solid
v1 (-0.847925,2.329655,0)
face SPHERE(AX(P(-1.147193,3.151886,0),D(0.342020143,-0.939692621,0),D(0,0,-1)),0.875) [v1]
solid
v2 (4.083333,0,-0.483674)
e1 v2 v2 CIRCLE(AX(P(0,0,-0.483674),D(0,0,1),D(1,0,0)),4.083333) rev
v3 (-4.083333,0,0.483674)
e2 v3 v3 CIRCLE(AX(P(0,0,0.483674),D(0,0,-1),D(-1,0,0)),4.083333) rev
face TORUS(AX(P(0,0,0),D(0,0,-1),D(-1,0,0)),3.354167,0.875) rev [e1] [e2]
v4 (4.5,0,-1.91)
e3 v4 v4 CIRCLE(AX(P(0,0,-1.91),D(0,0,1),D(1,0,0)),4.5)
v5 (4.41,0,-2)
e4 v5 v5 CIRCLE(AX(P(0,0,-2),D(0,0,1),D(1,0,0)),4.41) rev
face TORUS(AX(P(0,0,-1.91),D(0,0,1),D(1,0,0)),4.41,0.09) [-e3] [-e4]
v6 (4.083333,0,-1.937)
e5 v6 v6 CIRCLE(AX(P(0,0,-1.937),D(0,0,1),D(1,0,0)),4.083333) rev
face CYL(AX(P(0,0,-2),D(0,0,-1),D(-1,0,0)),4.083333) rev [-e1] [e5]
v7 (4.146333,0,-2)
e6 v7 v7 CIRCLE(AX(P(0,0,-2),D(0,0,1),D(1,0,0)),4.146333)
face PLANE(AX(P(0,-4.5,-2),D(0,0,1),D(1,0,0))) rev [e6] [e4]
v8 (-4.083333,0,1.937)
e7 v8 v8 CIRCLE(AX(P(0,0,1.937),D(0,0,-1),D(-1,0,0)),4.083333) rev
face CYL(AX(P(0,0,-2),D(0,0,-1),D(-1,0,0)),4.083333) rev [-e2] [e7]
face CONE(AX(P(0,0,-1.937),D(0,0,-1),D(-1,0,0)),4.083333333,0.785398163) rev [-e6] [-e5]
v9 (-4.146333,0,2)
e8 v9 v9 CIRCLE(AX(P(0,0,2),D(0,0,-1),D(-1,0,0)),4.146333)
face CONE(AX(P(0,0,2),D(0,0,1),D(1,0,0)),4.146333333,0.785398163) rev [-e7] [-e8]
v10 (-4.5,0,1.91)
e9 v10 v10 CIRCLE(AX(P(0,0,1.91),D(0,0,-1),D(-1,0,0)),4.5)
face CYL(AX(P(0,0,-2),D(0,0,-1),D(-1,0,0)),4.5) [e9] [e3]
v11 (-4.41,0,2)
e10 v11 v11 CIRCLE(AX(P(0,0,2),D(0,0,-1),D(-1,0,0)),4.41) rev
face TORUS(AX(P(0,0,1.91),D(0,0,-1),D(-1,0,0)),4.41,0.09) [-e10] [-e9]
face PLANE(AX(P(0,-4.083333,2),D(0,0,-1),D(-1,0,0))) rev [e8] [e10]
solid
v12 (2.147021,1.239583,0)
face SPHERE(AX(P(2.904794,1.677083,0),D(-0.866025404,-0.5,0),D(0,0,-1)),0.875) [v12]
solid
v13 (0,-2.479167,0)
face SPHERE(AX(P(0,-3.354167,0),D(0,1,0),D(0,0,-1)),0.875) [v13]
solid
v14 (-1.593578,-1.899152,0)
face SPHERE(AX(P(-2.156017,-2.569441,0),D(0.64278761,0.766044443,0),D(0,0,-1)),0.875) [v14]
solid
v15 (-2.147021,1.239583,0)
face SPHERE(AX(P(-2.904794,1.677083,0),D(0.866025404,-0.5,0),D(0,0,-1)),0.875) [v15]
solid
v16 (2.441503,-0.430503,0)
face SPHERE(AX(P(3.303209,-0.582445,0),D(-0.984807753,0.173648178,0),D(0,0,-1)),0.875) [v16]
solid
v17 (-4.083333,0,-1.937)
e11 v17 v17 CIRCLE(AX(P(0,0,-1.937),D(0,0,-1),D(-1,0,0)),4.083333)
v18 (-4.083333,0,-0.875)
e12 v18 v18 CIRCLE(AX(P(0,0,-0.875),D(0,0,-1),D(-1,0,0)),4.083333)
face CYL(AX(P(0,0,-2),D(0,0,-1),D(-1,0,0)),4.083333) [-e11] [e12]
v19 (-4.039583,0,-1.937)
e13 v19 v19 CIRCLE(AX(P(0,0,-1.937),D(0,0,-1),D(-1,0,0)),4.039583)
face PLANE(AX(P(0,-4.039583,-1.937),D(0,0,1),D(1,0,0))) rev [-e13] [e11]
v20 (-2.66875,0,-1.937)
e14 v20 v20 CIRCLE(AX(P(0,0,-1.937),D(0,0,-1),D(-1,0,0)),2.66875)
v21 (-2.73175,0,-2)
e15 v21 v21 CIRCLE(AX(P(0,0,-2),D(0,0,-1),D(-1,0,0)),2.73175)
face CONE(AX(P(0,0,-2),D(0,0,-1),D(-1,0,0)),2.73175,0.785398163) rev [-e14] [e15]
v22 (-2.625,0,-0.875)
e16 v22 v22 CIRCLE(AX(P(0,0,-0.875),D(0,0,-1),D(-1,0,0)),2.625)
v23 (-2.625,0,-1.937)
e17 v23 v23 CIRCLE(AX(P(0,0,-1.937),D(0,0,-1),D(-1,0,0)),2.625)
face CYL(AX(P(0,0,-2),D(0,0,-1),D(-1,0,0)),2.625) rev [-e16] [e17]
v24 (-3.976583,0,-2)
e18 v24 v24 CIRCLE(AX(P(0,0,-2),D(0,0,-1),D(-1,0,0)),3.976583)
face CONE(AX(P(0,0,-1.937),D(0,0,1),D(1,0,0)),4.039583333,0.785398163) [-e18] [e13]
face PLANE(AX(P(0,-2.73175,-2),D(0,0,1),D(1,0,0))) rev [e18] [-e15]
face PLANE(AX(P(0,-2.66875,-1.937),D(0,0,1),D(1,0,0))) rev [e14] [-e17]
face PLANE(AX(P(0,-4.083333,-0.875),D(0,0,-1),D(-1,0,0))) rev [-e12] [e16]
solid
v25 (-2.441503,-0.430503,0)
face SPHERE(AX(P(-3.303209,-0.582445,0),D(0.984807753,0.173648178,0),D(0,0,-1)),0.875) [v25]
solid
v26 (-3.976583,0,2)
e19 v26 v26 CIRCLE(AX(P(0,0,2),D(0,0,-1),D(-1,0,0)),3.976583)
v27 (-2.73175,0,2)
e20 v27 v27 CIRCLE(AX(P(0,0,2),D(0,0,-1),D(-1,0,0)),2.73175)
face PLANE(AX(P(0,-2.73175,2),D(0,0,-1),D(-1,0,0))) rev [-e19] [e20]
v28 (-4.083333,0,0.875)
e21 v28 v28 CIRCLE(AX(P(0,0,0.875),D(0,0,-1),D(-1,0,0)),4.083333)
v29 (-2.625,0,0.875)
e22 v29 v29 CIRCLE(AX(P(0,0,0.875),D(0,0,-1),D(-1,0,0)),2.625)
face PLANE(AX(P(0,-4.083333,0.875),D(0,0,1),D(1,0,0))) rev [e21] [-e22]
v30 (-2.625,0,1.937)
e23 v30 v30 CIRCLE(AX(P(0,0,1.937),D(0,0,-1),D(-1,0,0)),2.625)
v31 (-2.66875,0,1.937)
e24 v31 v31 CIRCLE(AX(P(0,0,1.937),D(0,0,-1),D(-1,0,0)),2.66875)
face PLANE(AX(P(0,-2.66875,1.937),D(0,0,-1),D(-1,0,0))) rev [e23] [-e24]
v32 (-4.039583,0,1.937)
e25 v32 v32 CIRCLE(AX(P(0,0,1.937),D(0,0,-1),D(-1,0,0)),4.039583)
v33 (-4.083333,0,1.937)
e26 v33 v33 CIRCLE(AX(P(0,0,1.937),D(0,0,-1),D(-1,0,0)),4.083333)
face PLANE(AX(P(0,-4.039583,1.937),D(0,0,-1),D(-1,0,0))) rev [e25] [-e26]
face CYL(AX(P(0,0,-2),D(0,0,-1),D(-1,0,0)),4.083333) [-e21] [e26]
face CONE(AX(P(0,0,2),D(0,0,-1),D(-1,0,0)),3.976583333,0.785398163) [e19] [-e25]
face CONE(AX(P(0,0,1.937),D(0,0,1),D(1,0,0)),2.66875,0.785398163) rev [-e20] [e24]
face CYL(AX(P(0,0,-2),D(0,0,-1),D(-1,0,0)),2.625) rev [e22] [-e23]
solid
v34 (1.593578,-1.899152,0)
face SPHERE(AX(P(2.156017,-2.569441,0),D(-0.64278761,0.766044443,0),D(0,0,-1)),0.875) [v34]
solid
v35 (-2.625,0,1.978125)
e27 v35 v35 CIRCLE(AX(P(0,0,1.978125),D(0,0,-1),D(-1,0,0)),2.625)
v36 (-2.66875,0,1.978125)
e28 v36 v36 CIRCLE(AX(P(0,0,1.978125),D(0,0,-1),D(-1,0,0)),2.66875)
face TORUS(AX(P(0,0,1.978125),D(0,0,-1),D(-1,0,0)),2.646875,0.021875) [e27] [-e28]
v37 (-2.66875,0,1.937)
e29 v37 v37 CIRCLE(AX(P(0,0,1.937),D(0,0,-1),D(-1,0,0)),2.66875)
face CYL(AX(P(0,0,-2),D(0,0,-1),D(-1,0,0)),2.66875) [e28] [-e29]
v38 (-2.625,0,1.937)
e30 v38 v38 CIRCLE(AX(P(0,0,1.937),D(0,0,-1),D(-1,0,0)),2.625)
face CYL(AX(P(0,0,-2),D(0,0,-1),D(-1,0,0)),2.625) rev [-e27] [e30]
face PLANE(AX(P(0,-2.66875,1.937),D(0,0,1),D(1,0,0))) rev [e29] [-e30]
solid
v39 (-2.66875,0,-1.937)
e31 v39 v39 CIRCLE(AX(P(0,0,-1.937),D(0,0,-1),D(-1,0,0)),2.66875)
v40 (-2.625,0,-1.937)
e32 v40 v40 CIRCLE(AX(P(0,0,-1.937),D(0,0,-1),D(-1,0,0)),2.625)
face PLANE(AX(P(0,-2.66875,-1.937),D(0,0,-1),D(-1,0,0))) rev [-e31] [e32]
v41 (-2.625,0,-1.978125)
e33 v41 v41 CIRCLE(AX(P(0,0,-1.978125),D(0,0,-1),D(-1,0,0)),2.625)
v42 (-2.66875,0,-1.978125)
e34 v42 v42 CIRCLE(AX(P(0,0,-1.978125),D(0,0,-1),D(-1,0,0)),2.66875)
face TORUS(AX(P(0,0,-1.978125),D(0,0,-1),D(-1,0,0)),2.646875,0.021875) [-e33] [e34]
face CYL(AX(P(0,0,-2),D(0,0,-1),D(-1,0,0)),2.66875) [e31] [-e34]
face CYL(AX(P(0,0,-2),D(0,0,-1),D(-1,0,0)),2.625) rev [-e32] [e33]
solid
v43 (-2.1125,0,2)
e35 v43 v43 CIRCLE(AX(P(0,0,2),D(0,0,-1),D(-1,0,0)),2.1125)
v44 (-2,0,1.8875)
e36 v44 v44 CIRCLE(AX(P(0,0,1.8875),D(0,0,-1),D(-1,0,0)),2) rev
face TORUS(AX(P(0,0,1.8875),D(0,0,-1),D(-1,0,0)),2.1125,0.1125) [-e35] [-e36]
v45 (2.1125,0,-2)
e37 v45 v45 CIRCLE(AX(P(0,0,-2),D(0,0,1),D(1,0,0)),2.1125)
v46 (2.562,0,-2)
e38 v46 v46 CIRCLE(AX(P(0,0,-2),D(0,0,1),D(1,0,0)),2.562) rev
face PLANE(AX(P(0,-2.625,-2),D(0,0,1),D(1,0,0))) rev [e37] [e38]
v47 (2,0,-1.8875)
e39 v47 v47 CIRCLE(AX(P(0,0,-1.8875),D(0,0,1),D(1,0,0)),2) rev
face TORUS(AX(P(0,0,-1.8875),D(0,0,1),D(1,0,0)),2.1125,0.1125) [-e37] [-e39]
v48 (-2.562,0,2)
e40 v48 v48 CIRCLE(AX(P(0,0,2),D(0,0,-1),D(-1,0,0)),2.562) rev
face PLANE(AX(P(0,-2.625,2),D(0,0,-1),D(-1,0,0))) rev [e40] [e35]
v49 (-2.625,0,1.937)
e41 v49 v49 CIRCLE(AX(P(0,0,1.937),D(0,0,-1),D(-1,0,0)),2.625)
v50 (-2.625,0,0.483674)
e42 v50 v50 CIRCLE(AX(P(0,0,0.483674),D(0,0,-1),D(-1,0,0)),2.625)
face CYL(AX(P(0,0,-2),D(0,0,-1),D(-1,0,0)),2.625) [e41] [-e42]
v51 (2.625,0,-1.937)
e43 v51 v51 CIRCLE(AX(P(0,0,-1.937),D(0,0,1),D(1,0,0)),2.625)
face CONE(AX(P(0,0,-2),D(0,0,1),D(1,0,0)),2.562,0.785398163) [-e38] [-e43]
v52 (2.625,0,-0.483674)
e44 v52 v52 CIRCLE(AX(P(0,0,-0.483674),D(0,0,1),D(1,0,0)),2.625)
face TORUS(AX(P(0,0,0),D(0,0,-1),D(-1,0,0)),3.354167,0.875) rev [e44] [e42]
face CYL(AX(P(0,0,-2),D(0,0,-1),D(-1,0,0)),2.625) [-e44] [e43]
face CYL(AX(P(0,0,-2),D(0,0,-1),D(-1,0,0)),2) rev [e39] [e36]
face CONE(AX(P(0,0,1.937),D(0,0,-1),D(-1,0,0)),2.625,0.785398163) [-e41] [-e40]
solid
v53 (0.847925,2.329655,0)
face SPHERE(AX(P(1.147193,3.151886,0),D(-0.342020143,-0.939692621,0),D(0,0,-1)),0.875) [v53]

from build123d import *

# Parameters (mm, degrees)
SKETCH3_W         = 4
SKETCH3_H         = 0.416666667
SKETCH3_H_2       = 0.625
SKETCH4_R         = 0.875
CIRPATTERN1_COUNT = 9
FILLET1_R         = 0.09
FILLET2_R         = 0.1125
CHAMFER1_SIZE     = 0.063
CHAMFER2_SIZE     = 0.063


with BuildPart() as part:
    # Sketch3 → Revolve1 (revolve)
    with BuildSketch(Plane(origin=(0, 0, 0), x_dir=(0, 0, -1), z_dir=(1, 0, 0)), mode=Mode.PRIVATE) as revolve1_sk:
        with Locations((0, -4.291666667)):
            Rectangle(SKETCH3_W, SKETCH3_H)
        with Locations((0, -2.3125)):
            Rectangle(SKETCH3_W, SKETCH3_H_2)
    revolve(revolve1_sk.sketch.rotate(Axis((0, 0, -2), (0, 0, 1)), 270), axis=Axis((0, 0, -2), (0, 0, 1)))

    # Sketch4 → Cut-Revolve1 (revolve, cut)
    with BuildSketch(Plane(origin=(0, 0, 0), x_dir=(0, 0, -1), z_dir=(1, 0, 0)), mode=Mode.PRIVATE) as cut_revolve1_sk:
        with Locations((0, -3.354166667)):
            Circle(SKETCH4_R)
    revolve(cut_revolve1_sk.sketch.rotate(Axis((0, 0, -2), (0, 0, 1)), 270), axis=Axis((0, 0, -2), (0, 0, 1)), mode=Mode.SUBTRACT)

    # Fillet1
    fillet1_edges = [part.edges().sort_by_distance(p)[0] for p in [
        (4.5, 0, -2),
        (4.5, 0, 2),
    ]]
    fillet(fillet1_edges, radius=FILLET1_R)

    # Fillet2
    fillet2_edges = [part.edges().sort_by_distance(p)[0] for p in [
        (2, 0, -2),
        (2, 0, 2),
    ]]
    fillet(fillet2_edges, radius=FILLET2_R)

    # Chamfer1
    chamfer1_edges = [part.edges().sort_by_distance(p)[0] for p in [
        (4.083333333, 0, 2),
        (4.083333333, 0, -2),
    ]]
    chamfer(chamfer1_edges, length=CHAMFER1_SIZE)

    # Chamfer2
    chamfer2_edges = [part.edges().sort_by_distance(p)[0] for p in [
        (2.625, 0, 2),
        (2.625, 0, -2),
    ]]
    chamfer(chamfer2_edges, length=CHAMFER2_SIZE)


with BuildPart() as body_2:
    # Sketch5 → Revolve2 (revolve)
    with BuildSketch(Plane(origin=(0, 0, 0), x_dir=(0, 0, -1), z_dir=(1, 0, 0))):
        with BuildLine():
            Line((0, -2.479166667), (0, -4.229166667))
            ThreePointArc((0, -4.229166667), (0.875, -3.354166667), (0, -2.479166667))
        make_face()
    revolve(axis=Axis((0, -2.479166667, 0), (0, -1, 0)))


with BuildPart() as cirpattern1_1:
    # CirPattern1: pattern copy
    add(body_2.part.rotate(Axis((0, 0, 0), (0, 0, 1)), 1 * 360 / CIRPATTERN1_COUNT))


with BuildPart() as cirpattern1_2:
    # CirPattern1: pattern copy
    add(body_2.part.rotate(Axis((0, 0, 0), (0, 0, 1)), 2 * 360 / CIRPATTERN1_COUNT))


with BuildPart() as cirpattern1_3:
    # CirPattern1: pattern copy
    add(body_2.part.rotate(Axis((0, 0, 0), (0, 0, 1)), 3 * 360 / CIRPATTERN1_COUNT))


with BuildPart() as cirpattern1_4:
    # CirPattern1: pattern copy
    add(body_2.part.rotate(Axis((0, 0, 0), (0, 0, 1)), 4 * 360 / CIRPATTERN1_COUNT))


with BuildPart() as cirpattern1_5:
    # CirPattern1: pattern copy
    add(body_2.part.rotate(Axis((0, 0, 0), (0, 0, 1)), 5 * 360 / CIRPATTERN1_COUNT))


with BuildPart() as cirpattern1_6:
    # CirPattern1: pattern copy
    add(body_2.part.rotate(Axis((0, 0, 0), (0, 0, 1)), 6 * 360 / CIRPATTERN1_COUNT))


with BuildPart() as cirpattern1_7:
    # CirPattern1: pattern copy
    add(body_2.part.rotate(Axis((0, 0, 0), (0, 0, 1)), 7 * 360 / CIRPATTERN1_COUNT))


with BuildPart() as cirpattern1_8:
    # CirPattern1: pattern copy
    add(body_2.part.rotate(Axis((0, 0, 0), (0, 0, 1)), 8 * 360 / CIRPATTERN1_COUNT))


with BuildPart() as body_11:
    # Sketch6 → Revolve3 (revolve)
    with BuildSketch(Plane(origin=(0, 0, 0), x_dir=(0, 0, -1), z_dir=(1, 0, 0)), mode=Mode.PRIVATE) as revolve3_sk:
        Polygon((-2, -2.73175), (-2, -3.976583333), (-1.937, -4.039583333), (-1.937, -4.083333333), (-0.875, -4.083333333), (-0.875, -2.625), (-1.937, -2.625), (-1.937, -2.66875), align=None)
        Polygon((1.937, -4.083333333), (0.875, -4.083333333), (0.875, -2.625), (1.937, -2.625), (1.937, -2.66875), (2, -2.73175), (2, -3.976583333), (1.937, -4.039583333), align=None)
    revolve(revolve3_sk.sketch.rotate(Axis((0, 0, -2), (0, 0, 1)), 270), axis=Axis((0, 0, -2), (0, 0, 1)))


with BuildPart() as body_12:
    # Sketch7 → Revolve4 (revolve)
    with BuildSketch(Plane(origin=(0, 0, 0), x_dir=(0, 0, -1), z_dir=(1, 0, 0)), mode=Mode.PRIVATE) as revolve4_sk:
        with BuildLine():
            Line((-1.937, -2.66875), (-1.937, -2.625))
            Line((-1.937, -2.625), (-1.978125, -2.625))
            ThreePointArc((-1.978125, -2.625), (-2, -2.646875), (-1.978125, -2.66875))
            Line((-1.978125, -2.66875), (-1.937, -2.66875))
        make_face()
        with BuildLine():
            Line((1.937, -2.625), (1.978125, -2.625))
            ThreePointArc((1.978125, -2.625), (2, -2.646875), (1.978125, -2.66875))
            Line((1.978125, -2.66875), (1.937, -2.66875))
            Line((1.937, -2.66875), (1.937, -2.625))
        make_face()
    revolve(revolve4_sk.sketch.rotate(Axis((0, 0, -2), (0, 0, 1)), 270), axis=Axis((0, 0, -2), (0, 0, 1)))


solid = Compound([part.part, body_2.part, cirpattern1_1.part, cirpattern1_2.part, cirpattern1_3.part, cirpattern1_4.part, cirpattern1_5.part, cirpattern1_6.part, cirpattern1_7.part, cirpattern1_8.part, body_11.part, body_12.part])
